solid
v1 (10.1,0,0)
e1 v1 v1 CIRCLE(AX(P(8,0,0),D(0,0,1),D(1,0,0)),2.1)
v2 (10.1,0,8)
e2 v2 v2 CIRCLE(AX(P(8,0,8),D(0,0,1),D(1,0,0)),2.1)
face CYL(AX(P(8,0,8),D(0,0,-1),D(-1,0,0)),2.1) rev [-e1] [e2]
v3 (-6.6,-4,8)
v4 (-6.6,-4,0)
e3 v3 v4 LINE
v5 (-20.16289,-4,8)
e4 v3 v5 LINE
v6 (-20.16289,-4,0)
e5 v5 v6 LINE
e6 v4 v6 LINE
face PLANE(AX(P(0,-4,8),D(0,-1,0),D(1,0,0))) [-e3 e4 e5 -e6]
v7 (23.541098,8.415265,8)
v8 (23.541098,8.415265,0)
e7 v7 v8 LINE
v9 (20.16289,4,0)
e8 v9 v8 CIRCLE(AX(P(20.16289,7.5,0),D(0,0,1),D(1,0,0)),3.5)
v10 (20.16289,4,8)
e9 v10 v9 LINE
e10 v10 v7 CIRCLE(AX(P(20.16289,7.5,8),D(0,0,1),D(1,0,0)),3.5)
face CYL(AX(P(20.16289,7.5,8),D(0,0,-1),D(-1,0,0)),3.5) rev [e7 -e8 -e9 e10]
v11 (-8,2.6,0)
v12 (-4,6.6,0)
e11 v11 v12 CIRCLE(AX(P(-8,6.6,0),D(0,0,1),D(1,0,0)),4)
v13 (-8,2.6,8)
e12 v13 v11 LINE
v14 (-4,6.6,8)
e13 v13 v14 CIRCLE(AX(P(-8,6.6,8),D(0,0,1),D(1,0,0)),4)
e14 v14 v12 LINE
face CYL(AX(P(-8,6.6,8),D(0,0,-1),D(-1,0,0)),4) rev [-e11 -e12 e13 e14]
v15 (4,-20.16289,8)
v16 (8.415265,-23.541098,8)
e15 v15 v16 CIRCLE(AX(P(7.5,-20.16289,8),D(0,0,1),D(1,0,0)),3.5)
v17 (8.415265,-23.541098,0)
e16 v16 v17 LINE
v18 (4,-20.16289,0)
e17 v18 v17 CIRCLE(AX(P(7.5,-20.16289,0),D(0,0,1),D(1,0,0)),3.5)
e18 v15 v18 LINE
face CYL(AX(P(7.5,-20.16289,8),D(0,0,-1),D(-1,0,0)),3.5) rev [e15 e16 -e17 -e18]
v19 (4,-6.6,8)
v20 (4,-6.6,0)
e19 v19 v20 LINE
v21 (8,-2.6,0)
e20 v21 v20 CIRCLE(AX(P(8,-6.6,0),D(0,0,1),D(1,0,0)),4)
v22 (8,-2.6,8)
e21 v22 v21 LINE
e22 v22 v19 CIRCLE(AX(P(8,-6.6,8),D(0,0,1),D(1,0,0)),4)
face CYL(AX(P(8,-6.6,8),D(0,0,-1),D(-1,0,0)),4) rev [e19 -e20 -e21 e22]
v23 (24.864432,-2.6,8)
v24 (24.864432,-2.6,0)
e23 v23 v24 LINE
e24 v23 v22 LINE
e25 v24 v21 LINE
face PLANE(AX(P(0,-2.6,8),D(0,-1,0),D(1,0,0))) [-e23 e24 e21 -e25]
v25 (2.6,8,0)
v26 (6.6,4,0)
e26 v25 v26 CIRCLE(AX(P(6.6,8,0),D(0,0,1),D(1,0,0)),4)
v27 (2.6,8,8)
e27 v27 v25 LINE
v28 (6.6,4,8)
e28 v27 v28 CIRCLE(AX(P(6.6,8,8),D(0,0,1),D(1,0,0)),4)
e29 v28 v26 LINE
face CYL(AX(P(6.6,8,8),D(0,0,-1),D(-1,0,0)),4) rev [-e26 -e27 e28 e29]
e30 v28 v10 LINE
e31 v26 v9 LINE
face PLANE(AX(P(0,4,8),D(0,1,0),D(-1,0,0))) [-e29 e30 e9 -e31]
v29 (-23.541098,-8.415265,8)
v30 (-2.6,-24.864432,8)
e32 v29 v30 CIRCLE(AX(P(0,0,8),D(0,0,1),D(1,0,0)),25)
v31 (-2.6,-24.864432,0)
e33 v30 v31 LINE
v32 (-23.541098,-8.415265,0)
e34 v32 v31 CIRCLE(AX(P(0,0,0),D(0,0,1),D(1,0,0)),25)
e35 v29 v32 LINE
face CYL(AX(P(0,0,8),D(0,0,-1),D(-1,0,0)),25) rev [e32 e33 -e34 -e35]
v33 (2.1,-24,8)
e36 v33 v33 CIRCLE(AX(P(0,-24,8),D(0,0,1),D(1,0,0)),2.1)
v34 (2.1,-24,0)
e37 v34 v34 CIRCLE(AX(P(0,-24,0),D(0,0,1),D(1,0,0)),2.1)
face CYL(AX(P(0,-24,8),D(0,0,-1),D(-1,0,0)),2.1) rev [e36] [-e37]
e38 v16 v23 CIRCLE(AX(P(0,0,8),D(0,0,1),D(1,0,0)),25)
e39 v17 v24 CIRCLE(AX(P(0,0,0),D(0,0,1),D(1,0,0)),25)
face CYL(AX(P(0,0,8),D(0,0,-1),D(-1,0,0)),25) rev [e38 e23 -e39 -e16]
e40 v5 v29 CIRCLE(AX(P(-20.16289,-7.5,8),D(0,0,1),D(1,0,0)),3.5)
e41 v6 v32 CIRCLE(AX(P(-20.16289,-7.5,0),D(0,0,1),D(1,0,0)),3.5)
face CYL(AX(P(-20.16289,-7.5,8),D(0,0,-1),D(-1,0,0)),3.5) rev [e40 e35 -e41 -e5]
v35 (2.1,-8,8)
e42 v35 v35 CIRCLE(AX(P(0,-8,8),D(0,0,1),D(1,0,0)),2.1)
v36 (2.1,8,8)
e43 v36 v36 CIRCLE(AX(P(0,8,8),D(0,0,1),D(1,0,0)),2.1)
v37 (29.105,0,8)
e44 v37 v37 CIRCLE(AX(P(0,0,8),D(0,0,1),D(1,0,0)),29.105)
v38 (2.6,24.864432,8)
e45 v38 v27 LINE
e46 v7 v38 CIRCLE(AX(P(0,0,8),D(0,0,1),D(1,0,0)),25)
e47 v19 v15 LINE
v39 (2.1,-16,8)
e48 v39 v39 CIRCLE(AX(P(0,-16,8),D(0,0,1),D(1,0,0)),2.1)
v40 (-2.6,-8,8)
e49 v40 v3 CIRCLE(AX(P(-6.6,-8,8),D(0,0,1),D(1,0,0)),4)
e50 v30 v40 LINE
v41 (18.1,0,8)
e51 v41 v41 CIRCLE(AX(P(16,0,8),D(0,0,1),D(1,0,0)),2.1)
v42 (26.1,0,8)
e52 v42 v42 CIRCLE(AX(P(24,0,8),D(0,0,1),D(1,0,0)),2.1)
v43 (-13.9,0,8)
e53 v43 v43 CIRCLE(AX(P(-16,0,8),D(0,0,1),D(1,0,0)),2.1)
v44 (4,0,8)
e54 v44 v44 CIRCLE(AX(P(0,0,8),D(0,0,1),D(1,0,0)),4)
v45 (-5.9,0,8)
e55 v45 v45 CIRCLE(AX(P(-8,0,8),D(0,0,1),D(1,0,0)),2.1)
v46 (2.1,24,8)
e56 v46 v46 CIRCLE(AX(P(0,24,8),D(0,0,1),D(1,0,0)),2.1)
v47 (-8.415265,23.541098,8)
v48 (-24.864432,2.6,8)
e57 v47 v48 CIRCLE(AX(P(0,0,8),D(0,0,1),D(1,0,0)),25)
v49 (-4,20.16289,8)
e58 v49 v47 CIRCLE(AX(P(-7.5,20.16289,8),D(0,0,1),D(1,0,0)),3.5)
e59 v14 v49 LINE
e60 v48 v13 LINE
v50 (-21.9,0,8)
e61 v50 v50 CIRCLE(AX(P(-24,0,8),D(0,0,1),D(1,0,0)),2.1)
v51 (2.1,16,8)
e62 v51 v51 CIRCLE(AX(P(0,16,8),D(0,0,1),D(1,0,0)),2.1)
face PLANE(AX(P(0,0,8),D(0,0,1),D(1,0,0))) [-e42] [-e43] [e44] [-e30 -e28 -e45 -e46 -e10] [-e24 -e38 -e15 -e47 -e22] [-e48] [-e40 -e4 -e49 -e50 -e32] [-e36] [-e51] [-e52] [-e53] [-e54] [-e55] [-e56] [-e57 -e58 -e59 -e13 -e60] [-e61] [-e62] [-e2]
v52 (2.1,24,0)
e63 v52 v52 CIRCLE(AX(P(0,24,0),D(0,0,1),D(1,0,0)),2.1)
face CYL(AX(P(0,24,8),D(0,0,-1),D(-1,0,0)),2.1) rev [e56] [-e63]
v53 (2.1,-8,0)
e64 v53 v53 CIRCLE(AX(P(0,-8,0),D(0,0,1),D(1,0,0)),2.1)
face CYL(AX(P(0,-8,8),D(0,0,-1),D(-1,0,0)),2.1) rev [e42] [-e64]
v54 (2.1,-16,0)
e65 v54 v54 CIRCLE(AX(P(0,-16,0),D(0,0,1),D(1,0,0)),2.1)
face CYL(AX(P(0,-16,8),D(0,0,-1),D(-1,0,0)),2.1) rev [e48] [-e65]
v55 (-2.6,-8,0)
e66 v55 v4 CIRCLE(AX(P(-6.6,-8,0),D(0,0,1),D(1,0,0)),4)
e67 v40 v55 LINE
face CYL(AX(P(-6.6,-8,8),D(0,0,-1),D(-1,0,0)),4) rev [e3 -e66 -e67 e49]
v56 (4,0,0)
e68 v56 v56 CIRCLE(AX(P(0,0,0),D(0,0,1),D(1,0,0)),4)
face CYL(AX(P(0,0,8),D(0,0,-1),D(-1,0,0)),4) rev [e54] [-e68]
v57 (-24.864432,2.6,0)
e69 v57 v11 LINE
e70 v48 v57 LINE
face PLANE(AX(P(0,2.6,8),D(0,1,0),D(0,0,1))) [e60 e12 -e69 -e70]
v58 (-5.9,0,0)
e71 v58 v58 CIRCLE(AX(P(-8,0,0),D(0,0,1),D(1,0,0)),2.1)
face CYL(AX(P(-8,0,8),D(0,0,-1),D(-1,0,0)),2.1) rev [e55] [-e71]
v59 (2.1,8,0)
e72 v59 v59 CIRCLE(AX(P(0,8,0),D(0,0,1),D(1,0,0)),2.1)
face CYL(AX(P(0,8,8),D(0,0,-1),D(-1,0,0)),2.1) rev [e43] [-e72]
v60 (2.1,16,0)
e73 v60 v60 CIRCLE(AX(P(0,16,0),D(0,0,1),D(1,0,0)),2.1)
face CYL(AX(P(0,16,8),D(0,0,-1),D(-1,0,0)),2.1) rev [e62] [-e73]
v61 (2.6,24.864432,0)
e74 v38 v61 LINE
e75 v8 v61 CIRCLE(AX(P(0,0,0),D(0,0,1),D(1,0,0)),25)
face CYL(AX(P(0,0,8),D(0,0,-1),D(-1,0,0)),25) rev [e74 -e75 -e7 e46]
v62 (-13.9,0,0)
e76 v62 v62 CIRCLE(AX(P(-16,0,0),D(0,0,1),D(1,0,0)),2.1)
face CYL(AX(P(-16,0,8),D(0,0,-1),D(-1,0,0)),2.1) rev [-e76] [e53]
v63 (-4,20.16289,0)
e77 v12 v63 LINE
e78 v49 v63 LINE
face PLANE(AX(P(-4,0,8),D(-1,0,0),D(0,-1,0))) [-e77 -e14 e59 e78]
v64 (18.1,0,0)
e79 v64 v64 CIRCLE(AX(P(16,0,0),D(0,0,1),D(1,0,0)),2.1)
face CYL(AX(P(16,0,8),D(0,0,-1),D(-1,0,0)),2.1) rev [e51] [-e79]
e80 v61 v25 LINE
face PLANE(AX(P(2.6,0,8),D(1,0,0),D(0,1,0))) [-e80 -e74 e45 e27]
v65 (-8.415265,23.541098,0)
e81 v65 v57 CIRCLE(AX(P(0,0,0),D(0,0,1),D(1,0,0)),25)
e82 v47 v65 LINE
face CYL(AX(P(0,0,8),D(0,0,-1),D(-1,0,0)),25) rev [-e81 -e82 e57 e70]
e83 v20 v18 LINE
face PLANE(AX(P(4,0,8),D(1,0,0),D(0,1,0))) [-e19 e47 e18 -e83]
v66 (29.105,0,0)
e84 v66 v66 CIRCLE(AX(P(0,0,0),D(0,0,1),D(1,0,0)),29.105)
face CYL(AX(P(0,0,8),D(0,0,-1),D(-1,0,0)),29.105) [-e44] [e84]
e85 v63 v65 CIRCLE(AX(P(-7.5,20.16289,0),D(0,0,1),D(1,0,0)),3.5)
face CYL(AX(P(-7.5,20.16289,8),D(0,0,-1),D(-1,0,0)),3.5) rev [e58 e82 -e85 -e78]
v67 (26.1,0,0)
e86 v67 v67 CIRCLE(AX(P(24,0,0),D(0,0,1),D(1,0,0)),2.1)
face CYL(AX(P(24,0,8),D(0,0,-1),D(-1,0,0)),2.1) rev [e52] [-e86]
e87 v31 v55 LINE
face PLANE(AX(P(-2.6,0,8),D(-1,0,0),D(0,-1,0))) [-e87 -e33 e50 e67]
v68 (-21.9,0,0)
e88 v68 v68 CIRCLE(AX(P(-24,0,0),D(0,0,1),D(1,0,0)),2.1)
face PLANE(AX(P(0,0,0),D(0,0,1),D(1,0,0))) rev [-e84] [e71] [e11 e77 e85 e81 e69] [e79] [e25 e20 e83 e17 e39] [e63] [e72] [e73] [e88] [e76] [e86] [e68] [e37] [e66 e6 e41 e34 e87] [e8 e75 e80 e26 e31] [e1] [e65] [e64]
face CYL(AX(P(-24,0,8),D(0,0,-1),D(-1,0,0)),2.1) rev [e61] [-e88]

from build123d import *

# Parameters (mm, degrees)
CROQUIS1_R              = 29.105
CROQUIS1_R_2            = 4
CROQUIS1_R_3            = 2.1
SALIENTE_EXTRUIR1_DEPTH = 8


with BuildPart() as part:
    # Croquis1 → Saliente-Extruir1 (new body)
    with BuildSketch(Plane.XY):
        Circle(CROQUIS1_R)
        Circle(CROQUIS1_R_2, mode=Mode.SUBTRACT)
        with BuildLine():
            ThreePointArc((6.6, 4), (3.771572875, 5.171572875), (2.6, 8))
            Line((2.6, 8), (2.6, 24.864432429))
            ThreePointArc((2.6, 24.864432429), (15.442895729, 19.66003488), (23.541098272, 8.415265423))
            ThreePointArc((23.541098272, 8.415265423), (22.942587119, 5.373198291), (20.162890285, 4))
            Line((20.162890285, 4), (6.6, 4))
        make_face(mode=Mode.SUBTRACT)
        with Locations((0, 24)):
            Circle(CROQUIS1_R_3, mode=Mode.SUBTRACT)
        with BuildLine():
            ThreePointArc((-8.415265423, 23.541098272), (-5.373198291, 22.942587119), (-4, 20.162890285))
            Line((-4, 20.162890285), (-4, 6.6))
            ThreePointArc((-4, 6.6), (-5.171572875, 3.771572875), (-8, 2.6))
            Line((-8, 2.6), (-24.864432429, 2.6))
            ThreePointArc((-24.864432429, 2.6), (-19.66003488, 15.442895729), (-8.415265423, 23.541098272))
        make_face(mode=Mode.SUBTRACT)
        with Locations((-24, 0)):
            Circle(CROQUIS1_R_3, mode=Mode.SUBTRACT)
        with BuildLine():
            ThreePointArc((-23.541098272, -8.415265423), (-22.942587119, -5.373198291), (-20.162890285, -4))
            Line((-20.162890285, -4), (-6.6, -4))
            ThreePointArc((-6.6, -4), (-3.771572875, -5.171572875), (-2.6, -8))
            Line((-2.6, -8), (-2.6, -24.864432429))
            ThreePointArc((-2.6, -24.864432429), (-15.442895729, -19.66003488), (-23.541098272, -8.415265423))
        make_face(mode=Mode.SUBTRACT)
        with Locations((0, -24)):
            Circle(CROQUIS1_R_3, mode=Mode.SUBTRACT)
        with BuildLine():
            ThreePointArc((8.415265423, -23.541098272), (5.373198291, -22.942587119), (4, -20.162890285))
            Line((4, -20.162890285), (4, -6.6))
            ThreePointArc((4, -6.6), (5.171572875, -3.771572875), (8, -2.6))
            Line((8, -2.6), (24.864432429, -2.6))
            ThreePointArc((24.864432429, -2.6), (19.66003488, -15.442895729), (8.415265423, -23.541098272))
        make_face(mode=Mode.SUBTRACT)
        with Locations((24, 0)):
            Circle(CROQUIS1_R_3, mode=Mode.SUBTRACT)
        with Locations((0, -8)):
            Circle(CROQUIS1_R_3, mode=Mode.SUBTRACT)
        with Locations((0, -16)):
            Circle(CROQUIS1_R_3, mode=Mode.SUBTRACT)
        with Locations((-8, 0)):
            Circle(CROQUIS1_R_3, mode=Mode.SUBTRACT)
        with Locations((-16, 0)):
            Circle(CROQUIS1_R_3, mode=Mode.SUBTRACT)
        with Locations((0, 8)):
            Circle(CROQUIS1_R_3, mode=Mode.SUBTRACT)
        with Locations((0, 16)):
            Circle(CROQUIS1_R_3, mode=Mode.SUBTRACT)
        with Locations((16, 0)):
            Circle(CROQUIS1_R_3, mode=Mode.SUBTRACT)
        with Locations((8, 0)):
            Circle(CROQUIS1_R_3, mode=Mode.SUBTRACT)
    extrude(amount=SALIENTE_EXTRUIR1_DEPTH)


solid = part.part
